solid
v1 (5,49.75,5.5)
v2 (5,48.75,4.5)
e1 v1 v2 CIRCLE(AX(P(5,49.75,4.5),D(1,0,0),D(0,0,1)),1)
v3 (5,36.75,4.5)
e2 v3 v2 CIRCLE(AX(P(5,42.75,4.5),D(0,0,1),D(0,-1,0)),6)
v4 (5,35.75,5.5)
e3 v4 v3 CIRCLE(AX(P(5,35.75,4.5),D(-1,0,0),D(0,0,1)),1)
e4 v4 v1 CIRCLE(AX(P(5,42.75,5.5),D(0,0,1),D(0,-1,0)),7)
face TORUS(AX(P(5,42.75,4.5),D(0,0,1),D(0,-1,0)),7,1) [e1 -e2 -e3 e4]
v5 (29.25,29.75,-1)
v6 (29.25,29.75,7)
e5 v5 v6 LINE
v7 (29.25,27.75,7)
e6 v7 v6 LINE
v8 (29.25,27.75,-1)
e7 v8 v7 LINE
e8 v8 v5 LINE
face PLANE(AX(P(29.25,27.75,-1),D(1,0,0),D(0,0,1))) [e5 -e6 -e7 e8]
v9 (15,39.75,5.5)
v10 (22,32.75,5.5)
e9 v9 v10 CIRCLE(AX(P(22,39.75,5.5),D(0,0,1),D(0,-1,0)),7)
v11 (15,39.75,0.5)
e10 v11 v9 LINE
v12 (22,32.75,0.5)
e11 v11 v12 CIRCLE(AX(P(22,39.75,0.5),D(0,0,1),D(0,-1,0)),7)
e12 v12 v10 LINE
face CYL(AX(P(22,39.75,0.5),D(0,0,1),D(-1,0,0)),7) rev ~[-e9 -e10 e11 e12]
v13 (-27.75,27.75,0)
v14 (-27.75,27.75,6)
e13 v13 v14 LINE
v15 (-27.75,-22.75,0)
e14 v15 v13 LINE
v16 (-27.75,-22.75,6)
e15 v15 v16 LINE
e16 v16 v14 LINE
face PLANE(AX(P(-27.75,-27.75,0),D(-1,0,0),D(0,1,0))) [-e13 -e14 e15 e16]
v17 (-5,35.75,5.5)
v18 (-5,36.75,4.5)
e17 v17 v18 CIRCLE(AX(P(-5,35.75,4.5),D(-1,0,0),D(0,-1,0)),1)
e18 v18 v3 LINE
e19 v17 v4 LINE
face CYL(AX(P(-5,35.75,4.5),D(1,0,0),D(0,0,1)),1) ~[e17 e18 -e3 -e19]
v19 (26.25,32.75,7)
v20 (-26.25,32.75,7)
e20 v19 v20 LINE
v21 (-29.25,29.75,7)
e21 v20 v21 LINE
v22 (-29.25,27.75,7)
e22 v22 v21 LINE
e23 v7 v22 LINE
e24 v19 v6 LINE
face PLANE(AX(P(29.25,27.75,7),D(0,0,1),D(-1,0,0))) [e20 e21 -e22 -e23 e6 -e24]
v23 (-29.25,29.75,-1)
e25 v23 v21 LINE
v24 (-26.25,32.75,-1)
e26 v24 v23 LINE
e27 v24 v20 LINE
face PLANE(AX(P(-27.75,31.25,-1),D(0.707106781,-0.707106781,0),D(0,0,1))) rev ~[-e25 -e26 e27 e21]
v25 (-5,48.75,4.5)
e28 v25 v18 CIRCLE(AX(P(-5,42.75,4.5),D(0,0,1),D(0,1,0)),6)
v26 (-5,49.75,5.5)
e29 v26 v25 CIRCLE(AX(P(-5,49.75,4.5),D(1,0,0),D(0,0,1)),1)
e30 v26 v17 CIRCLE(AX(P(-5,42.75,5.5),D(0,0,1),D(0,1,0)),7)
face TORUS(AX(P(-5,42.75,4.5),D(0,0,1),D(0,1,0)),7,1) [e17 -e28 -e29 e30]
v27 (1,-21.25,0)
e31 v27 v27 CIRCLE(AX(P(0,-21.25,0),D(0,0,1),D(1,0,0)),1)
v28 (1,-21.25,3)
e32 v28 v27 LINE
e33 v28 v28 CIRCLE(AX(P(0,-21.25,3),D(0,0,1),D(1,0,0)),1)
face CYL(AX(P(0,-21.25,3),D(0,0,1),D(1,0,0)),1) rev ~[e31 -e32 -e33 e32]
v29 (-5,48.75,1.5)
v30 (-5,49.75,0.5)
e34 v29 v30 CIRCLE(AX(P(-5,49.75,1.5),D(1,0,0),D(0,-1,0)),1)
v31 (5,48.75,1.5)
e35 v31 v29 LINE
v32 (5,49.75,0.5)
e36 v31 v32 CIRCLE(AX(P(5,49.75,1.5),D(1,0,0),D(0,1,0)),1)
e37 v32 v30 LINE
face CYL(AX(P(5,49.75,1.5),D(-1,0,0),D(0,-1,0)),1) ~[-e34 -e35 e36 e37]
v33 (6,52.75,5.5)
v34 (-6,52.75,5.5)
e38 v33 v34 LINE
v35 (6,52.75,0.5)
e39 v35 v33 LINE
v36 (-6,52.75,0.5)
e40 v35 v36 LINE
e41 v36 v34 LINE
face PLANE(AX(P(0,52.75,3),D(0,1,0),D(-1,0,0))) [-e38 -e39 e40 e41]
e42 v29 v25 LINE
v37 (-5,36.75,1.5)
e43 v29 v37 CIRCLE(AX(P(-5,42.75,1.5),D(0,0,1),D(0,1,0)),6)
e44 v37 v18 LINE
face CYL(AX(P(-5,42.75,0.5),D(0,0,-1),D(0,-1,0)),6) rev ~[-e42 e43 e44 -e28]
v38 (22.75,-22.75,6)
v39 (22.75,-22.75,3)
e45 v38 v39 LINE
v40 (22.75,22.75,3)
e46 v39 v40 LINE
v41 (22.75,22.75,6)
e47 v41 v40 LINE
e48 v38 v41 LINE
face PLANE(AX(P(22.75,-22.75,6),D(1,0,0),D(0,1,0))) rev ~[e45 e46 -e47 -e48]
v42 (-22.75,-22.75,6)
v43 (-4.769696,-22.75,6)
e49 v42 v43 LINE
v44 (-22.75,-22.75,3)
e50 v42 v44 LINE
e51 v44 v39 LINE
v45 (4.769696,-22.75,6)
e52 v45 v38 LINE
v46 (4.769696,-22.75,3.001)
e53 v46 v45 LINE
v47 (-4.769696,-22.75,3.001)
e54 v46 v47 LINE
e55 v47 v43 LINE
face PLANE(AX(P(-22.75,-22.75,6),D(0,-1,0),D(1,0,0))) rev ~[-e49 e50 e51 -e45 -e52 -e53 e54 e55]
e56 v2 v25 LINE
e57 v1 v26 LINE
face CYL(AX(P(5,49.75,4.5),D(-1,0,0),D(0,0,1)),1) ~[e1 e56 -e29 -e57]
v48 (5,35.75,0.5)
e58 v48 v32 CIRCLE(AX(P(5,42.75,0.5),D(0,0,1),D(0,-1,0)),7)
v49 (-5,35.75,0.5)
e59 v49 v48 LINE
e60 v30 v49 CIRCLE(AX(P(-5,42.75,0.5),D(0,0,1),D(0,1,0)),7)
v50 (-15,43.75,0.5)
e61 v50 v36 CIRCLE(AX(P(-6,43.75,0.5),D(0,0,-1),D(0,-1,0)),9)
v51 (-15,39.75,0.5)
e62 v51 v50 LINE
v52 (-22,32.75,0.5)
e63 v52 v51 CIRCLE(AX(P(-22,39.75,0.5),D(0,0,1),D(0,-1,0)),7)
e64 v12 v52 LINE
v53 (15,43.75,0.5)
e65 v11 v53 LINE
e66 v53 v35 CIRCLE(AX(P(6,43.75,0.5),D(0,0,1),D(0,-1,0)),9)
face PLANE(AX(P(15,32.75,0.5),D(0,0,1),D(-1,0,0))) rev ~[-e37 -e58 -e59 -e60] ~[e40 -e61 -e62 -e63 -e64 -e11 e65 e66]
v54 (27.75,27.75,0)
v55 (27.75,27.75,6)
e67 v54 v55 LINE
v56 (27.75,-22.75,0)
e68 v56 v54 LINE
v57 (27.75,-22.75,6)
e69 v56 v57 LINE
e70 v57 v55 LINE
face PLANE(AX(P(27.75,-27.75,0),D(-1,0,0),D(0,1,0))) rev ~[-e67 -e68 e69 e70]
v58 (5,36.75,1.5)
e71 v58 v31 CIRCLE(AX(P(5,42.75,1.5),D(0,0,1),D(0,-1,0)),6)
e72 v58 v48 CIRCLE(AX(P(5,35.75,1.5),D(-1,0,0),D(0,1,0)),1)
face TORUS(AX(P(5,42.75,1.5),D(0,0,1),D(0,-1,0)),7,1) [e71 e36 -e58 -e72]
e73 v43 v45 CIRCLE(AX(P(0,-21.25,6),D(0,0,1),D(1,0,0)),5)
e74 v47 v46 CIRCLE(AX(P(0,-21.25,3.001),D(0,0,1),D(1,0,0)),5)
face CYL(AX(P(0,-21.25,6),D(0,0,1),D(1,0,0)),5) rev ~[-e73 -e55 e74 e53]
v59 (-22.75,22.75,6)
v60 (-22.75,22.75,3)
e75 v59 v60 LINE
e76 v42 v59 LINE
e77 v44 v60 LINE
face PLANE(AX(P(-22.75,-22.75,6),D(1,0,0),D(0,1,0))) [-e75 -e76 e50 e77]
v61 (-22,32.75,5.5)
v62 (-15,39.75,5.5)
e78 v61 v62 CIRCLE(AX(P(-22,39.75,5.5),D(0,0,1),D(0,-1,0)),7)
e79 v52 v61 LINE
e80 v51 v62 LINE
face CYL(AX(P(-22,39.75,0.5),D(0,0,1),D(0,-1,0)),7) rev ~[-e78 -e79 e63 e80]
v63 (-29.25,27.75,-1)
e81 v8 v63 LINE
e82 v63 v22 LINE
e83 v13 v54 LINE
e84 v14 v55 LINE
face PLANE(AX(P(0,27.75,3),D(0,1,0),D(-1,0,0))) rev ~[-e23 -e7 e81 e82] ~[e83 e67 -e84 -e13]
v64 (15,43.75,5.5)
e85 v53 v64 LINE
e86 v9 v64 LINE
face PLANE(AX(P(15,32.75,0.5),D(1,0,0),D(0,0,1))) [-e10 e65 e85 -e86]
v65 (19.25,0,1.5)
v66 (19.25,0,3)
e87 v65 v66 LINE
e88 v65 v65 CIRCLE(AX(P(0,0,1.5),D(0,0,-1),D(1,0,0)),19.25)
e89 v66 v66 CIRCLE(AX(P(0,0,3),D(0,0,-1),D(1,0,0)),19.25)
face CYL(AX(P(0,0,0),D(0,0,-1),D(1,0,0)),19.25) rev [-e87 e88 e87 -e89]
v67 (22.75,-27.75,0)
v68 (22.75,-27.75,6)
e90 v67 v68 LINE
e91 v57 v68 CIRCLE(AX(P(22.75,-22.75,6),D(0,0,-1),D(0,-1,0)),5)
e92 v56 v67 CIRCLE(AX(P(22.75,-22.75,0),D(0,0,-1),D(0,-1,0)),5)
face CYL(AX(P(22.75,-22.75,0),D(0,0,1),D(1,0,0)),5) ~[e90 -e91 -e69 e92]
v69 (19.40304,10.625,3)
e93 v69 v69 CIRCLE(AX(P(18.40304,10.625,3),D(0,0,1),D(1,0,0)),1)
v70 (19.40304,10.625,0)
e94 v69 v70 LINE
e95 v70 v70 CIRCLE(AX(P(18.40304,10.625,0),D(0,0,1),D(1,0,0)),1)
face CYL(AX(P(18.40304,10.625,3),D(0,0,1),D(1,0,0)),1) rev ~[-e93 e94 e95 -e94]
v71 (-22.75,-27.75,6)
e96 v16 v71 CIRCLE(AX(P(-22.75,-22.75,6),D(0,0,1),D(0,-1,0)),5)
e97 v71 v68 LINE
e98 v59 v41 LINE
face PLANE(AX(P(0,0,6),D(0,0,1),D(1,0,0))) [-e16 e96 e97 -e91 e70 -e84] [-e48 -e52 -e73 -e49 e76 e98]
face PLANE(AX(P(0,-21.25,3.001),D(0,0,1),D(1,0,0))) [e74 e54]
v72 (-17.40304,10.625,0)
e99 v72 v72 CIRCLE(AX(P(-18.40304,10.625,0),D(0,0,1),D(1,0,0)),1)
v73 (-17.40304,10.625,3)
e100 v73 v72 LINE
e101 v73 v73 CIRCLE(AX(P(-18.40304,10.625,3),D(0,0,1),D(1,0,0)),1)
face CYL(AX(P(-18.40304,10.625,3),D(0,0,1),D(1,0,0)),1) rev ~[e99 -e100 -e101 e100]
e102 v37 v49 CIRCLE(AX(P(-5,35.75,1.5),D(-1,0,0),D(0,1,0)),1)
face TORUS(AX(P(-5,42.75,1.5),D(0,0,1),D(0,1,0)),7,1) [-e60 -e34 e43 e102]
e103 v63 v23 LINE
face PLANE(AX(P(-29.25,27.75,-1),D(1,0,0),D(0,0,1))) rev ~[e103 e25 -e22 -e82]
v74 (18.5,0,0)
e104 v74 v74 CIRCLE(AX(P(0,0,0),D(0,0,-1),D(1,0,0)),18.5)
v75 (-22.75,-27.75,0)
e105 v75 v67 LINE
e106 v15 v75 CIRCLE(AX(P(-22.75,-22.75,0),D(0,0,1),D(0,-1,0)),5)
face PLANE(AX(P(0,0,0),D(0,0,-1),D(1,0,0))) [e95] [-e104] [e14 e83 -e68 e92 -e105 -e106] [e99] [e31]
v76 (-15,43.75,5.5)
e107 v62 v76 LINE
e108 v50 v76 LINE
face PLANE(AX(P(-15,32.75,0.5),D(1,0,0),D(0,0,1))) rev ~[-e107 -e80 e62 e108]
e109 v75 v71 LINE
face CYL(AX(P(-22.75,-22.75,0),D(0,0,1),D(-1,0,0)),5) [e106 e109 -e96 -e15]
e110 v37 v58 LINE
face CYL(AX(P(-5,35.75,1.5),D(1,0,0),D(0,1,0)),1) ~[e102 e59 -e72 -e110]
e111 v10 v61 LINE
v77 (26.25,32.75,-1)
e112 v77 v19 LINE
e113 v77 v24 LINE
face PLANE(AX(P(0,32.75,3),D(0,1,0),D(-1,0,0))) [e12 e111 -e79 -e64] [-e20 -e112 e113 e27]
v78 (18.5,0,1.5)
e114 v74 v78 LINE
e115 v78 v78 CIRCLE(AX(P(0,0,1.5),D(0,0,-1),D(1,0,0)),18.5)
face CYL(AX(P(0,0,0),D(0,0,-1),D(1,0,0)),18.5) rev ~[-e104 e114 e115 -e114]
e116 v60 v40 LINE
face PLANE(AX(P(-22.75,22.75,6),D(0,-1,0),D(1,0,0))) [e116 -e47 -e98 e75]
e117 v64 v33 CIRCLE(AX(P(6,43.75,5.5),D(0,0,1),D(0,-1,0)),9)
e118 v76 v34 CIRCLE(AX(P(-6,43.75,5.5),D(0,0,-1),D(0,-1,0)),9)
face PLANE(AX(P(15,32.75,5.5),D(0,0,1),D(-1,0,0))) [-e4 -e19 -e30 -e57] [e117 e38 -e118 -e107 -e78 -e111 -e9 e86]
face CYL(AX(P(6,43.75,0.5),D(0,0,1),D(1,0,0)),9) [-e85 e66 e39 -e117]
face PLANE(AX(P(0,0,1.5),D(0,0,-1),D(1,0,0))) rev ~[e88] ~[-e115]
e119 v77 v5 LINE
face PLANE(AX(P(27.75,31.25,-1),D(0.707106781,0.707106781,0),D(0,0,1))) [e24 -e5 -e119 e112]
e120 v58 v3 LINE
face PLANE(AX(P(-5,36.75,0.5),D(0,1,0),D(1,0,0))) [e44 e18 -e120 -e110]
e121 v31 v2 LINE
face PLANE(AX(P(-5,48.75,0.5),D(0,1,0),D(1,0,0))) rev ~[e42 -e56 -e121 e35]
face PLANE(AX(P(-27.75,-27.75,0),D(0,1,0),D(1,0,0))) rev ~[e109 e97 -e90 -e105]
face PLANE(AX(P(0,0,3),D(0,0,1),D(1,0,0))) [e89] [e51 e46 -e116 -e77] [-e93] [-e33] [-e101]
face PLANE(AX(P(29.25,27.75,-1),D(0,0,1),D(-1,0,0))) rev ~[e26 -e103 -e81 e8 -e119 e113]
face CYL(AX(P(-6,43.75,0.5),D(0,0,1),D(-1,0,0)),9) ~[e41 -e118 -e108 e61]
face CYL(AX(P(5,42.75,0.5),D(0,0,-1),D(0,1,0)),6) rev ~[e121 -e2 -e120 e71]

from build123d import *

# Parameters (mm, degrees)
SKETCH_W        = 55.5
SKETCH_H        = 55.5
SKETCH_R        = 19.25
PAD_DEPTH       = 6
SKETCH001_W     = 58.5
SKETCH001_H     = 8
PAD001_DEPTH    = 5
SKETCH002_W     = 30
SKETCH002_H     = 5
PAD002_DEPTH    = 20
FILLET_R        = 5
POCKET_DEPTH    = 6
FILLET001_R     = 9
FILLET002_R     = 7
CHAMFER_SIZE    = 3
SKETCH004_R     = 19.25
SKETCH004_R_2   = 18.5
PAD003_DEPTH    = 1.5
SKETCH005_W     = 45.5
SKETCH005_H     = 45.5
POCKET001_DEPTH = 3
SKETCH006_R     = 1
POCKET002_DEPTH = 6
FILLET003_R     = 1
FILLET004_R     = 1
SKETCH007_R     = 5
POCKET003_DEPTH = 2.999


with BuildPart() as part:
    # Sketch → Pad (new body)
    with BuildSketch(Plane.XY):
        Rectangle(SKETCH_W, SKETCH_H)
        Circle(SKETCH_R, mode=Mode.SUBTRACT)
    extrude(amount=PAD_DEPTH)

    # Sketch001 → Pad001 (new body)
    with BuildSketch(Plane(origin=(0, 27.75, 0), x_dir=(-1, 0, 0), z_dir=(0, 1, 0))):
        with Locations((0, 3)):
            Rectangle(SKETCH001_W, SKETCH001_H)
    extrude(amount=PAD001_DEPTH)

    # Sketch002 → Pad002 (new body)
    with BuildSketch(Plane(origin=(0, 32.75, 0), x_dir=(-1, 0, 0), z_dir=(0, 1, 0))):
        with Locations((0, 3)):
            Rectangle(SKETCH002_W, SKETCH002_H)
    extrude(amount=PAD002_DEPTH)

    # Fillet
    fillet_edges = [part.edges().sort_by_distance(p)[0] for p in [
        (-27.75, -27.75, 3),
        (27.75, -27.75, 3),
    ]]
    fillet(fillet_edges, radius=FILLET_R)

    # Sketch003 → Pocket (cut)
    with BuildSketch(Plane(origin=(0, 0, 0.5), x_dir=(1, 0, 0), z_dir=(0, 0, -1))):
        with BuildLine():
            ThreePointArc((-5, -36.75), (-11, -42.75), (-5, -48.75))
            Line((-5, -48.75), (5, -48.75))
            ThreePointArc((5, -48.75), (11, -42.75), (5, -36.75))
            Line((-5, -36.75), (5, -36.75))
        make_face()
    extrude(amount=-POCKET_DEPTH, mode=Mode.SUBTRACT)

    # Fillet001
    fillet001_edges = [part.edges().sort_by_distance(p)[0] for p in [
        (15, 52.75, 3),
        (-15, 52.75, 3),
    ]]
    fillet(fillet001_edges, radius=FILLET001_R)

    # Fillet002
    fillet002_edges = [part.edges().sort_by_distance(p)[0] for p in [
        (15, 32.75, 3),
        (-15, 32.75, 3),
    ]]
    fillet(fillet002_edges, radius=FILLET002_R)

    # Chamfer
    chamfer_edges = [part.edges().sort_by_distance(p)[0] for p in [
        (-29.25, 32.75, 3),
        (29.25, 32.75, 3),
    ]]
    chamfer(chamfer_edges, length=CHAMFER_SIZE)

    # Sketch004 → Pad003 (new body)
    with BuildSketch(Plane(origin=(0, 0, 0), x_dir=(1, 0, 0), z_dir=(0, 0, -1))):
        Circle(SKETCH004_R)
        Circle(SKETCH004_R_2, mode=Mode.SUBTRACT)
    extrude(amount=-PAD003_DEPTH)

    # Sketch005 → Pocket001 (cut)
    with BuildSketch(Plane.XY.offset(6)):
        Rectangle(SKETCH005_W, SKETCH005_H)
    extrude(amount=-POCKET001_DEPTH, mode=Mode.SUBTRACT)

    # Sketch006 → Pocket002 (cut)
    with BuildSketch(Plane.XY.offset(3)):
        with Locations((-18.40304, 10.625)):
            Circle(SKETCH006_R)
        with Locations((18.40304, 10.625)):
            Circle(SKETCH006_R)
        with Locations((0, -21.25)):
            Circle(SKETCH006_R)
    extrude(amount=-POCKET002_DEPTH, mode=Mode.SUBTRACT)

    # Fillet003
    fillet003_edges = [part.edges().sort_by_distance(p)[0] for p in [
        (0, 48.75, 5.5),
    ]]
    fillet(fillet003_edges, radius=FILLET003_R)

    # Fillet004
    fillet004_edges = [part.edges().sort_by_distance(p)[0] for p in [
        (0, 36.75, 0.5),
    ]]
    fillet(fillet004_edges, radius=FILLET004_R)

    # Sketch007 → Pocket003 (cut)
    with BuildSketch(Plane.XY.offset(6)):
        with Locations((0, -21.25)):
            Circle(SKETCH007_R)
    extrude(amount=-POCKET003_DEPTH, mode=Mode.SUBTRACT)


solid = part.part
